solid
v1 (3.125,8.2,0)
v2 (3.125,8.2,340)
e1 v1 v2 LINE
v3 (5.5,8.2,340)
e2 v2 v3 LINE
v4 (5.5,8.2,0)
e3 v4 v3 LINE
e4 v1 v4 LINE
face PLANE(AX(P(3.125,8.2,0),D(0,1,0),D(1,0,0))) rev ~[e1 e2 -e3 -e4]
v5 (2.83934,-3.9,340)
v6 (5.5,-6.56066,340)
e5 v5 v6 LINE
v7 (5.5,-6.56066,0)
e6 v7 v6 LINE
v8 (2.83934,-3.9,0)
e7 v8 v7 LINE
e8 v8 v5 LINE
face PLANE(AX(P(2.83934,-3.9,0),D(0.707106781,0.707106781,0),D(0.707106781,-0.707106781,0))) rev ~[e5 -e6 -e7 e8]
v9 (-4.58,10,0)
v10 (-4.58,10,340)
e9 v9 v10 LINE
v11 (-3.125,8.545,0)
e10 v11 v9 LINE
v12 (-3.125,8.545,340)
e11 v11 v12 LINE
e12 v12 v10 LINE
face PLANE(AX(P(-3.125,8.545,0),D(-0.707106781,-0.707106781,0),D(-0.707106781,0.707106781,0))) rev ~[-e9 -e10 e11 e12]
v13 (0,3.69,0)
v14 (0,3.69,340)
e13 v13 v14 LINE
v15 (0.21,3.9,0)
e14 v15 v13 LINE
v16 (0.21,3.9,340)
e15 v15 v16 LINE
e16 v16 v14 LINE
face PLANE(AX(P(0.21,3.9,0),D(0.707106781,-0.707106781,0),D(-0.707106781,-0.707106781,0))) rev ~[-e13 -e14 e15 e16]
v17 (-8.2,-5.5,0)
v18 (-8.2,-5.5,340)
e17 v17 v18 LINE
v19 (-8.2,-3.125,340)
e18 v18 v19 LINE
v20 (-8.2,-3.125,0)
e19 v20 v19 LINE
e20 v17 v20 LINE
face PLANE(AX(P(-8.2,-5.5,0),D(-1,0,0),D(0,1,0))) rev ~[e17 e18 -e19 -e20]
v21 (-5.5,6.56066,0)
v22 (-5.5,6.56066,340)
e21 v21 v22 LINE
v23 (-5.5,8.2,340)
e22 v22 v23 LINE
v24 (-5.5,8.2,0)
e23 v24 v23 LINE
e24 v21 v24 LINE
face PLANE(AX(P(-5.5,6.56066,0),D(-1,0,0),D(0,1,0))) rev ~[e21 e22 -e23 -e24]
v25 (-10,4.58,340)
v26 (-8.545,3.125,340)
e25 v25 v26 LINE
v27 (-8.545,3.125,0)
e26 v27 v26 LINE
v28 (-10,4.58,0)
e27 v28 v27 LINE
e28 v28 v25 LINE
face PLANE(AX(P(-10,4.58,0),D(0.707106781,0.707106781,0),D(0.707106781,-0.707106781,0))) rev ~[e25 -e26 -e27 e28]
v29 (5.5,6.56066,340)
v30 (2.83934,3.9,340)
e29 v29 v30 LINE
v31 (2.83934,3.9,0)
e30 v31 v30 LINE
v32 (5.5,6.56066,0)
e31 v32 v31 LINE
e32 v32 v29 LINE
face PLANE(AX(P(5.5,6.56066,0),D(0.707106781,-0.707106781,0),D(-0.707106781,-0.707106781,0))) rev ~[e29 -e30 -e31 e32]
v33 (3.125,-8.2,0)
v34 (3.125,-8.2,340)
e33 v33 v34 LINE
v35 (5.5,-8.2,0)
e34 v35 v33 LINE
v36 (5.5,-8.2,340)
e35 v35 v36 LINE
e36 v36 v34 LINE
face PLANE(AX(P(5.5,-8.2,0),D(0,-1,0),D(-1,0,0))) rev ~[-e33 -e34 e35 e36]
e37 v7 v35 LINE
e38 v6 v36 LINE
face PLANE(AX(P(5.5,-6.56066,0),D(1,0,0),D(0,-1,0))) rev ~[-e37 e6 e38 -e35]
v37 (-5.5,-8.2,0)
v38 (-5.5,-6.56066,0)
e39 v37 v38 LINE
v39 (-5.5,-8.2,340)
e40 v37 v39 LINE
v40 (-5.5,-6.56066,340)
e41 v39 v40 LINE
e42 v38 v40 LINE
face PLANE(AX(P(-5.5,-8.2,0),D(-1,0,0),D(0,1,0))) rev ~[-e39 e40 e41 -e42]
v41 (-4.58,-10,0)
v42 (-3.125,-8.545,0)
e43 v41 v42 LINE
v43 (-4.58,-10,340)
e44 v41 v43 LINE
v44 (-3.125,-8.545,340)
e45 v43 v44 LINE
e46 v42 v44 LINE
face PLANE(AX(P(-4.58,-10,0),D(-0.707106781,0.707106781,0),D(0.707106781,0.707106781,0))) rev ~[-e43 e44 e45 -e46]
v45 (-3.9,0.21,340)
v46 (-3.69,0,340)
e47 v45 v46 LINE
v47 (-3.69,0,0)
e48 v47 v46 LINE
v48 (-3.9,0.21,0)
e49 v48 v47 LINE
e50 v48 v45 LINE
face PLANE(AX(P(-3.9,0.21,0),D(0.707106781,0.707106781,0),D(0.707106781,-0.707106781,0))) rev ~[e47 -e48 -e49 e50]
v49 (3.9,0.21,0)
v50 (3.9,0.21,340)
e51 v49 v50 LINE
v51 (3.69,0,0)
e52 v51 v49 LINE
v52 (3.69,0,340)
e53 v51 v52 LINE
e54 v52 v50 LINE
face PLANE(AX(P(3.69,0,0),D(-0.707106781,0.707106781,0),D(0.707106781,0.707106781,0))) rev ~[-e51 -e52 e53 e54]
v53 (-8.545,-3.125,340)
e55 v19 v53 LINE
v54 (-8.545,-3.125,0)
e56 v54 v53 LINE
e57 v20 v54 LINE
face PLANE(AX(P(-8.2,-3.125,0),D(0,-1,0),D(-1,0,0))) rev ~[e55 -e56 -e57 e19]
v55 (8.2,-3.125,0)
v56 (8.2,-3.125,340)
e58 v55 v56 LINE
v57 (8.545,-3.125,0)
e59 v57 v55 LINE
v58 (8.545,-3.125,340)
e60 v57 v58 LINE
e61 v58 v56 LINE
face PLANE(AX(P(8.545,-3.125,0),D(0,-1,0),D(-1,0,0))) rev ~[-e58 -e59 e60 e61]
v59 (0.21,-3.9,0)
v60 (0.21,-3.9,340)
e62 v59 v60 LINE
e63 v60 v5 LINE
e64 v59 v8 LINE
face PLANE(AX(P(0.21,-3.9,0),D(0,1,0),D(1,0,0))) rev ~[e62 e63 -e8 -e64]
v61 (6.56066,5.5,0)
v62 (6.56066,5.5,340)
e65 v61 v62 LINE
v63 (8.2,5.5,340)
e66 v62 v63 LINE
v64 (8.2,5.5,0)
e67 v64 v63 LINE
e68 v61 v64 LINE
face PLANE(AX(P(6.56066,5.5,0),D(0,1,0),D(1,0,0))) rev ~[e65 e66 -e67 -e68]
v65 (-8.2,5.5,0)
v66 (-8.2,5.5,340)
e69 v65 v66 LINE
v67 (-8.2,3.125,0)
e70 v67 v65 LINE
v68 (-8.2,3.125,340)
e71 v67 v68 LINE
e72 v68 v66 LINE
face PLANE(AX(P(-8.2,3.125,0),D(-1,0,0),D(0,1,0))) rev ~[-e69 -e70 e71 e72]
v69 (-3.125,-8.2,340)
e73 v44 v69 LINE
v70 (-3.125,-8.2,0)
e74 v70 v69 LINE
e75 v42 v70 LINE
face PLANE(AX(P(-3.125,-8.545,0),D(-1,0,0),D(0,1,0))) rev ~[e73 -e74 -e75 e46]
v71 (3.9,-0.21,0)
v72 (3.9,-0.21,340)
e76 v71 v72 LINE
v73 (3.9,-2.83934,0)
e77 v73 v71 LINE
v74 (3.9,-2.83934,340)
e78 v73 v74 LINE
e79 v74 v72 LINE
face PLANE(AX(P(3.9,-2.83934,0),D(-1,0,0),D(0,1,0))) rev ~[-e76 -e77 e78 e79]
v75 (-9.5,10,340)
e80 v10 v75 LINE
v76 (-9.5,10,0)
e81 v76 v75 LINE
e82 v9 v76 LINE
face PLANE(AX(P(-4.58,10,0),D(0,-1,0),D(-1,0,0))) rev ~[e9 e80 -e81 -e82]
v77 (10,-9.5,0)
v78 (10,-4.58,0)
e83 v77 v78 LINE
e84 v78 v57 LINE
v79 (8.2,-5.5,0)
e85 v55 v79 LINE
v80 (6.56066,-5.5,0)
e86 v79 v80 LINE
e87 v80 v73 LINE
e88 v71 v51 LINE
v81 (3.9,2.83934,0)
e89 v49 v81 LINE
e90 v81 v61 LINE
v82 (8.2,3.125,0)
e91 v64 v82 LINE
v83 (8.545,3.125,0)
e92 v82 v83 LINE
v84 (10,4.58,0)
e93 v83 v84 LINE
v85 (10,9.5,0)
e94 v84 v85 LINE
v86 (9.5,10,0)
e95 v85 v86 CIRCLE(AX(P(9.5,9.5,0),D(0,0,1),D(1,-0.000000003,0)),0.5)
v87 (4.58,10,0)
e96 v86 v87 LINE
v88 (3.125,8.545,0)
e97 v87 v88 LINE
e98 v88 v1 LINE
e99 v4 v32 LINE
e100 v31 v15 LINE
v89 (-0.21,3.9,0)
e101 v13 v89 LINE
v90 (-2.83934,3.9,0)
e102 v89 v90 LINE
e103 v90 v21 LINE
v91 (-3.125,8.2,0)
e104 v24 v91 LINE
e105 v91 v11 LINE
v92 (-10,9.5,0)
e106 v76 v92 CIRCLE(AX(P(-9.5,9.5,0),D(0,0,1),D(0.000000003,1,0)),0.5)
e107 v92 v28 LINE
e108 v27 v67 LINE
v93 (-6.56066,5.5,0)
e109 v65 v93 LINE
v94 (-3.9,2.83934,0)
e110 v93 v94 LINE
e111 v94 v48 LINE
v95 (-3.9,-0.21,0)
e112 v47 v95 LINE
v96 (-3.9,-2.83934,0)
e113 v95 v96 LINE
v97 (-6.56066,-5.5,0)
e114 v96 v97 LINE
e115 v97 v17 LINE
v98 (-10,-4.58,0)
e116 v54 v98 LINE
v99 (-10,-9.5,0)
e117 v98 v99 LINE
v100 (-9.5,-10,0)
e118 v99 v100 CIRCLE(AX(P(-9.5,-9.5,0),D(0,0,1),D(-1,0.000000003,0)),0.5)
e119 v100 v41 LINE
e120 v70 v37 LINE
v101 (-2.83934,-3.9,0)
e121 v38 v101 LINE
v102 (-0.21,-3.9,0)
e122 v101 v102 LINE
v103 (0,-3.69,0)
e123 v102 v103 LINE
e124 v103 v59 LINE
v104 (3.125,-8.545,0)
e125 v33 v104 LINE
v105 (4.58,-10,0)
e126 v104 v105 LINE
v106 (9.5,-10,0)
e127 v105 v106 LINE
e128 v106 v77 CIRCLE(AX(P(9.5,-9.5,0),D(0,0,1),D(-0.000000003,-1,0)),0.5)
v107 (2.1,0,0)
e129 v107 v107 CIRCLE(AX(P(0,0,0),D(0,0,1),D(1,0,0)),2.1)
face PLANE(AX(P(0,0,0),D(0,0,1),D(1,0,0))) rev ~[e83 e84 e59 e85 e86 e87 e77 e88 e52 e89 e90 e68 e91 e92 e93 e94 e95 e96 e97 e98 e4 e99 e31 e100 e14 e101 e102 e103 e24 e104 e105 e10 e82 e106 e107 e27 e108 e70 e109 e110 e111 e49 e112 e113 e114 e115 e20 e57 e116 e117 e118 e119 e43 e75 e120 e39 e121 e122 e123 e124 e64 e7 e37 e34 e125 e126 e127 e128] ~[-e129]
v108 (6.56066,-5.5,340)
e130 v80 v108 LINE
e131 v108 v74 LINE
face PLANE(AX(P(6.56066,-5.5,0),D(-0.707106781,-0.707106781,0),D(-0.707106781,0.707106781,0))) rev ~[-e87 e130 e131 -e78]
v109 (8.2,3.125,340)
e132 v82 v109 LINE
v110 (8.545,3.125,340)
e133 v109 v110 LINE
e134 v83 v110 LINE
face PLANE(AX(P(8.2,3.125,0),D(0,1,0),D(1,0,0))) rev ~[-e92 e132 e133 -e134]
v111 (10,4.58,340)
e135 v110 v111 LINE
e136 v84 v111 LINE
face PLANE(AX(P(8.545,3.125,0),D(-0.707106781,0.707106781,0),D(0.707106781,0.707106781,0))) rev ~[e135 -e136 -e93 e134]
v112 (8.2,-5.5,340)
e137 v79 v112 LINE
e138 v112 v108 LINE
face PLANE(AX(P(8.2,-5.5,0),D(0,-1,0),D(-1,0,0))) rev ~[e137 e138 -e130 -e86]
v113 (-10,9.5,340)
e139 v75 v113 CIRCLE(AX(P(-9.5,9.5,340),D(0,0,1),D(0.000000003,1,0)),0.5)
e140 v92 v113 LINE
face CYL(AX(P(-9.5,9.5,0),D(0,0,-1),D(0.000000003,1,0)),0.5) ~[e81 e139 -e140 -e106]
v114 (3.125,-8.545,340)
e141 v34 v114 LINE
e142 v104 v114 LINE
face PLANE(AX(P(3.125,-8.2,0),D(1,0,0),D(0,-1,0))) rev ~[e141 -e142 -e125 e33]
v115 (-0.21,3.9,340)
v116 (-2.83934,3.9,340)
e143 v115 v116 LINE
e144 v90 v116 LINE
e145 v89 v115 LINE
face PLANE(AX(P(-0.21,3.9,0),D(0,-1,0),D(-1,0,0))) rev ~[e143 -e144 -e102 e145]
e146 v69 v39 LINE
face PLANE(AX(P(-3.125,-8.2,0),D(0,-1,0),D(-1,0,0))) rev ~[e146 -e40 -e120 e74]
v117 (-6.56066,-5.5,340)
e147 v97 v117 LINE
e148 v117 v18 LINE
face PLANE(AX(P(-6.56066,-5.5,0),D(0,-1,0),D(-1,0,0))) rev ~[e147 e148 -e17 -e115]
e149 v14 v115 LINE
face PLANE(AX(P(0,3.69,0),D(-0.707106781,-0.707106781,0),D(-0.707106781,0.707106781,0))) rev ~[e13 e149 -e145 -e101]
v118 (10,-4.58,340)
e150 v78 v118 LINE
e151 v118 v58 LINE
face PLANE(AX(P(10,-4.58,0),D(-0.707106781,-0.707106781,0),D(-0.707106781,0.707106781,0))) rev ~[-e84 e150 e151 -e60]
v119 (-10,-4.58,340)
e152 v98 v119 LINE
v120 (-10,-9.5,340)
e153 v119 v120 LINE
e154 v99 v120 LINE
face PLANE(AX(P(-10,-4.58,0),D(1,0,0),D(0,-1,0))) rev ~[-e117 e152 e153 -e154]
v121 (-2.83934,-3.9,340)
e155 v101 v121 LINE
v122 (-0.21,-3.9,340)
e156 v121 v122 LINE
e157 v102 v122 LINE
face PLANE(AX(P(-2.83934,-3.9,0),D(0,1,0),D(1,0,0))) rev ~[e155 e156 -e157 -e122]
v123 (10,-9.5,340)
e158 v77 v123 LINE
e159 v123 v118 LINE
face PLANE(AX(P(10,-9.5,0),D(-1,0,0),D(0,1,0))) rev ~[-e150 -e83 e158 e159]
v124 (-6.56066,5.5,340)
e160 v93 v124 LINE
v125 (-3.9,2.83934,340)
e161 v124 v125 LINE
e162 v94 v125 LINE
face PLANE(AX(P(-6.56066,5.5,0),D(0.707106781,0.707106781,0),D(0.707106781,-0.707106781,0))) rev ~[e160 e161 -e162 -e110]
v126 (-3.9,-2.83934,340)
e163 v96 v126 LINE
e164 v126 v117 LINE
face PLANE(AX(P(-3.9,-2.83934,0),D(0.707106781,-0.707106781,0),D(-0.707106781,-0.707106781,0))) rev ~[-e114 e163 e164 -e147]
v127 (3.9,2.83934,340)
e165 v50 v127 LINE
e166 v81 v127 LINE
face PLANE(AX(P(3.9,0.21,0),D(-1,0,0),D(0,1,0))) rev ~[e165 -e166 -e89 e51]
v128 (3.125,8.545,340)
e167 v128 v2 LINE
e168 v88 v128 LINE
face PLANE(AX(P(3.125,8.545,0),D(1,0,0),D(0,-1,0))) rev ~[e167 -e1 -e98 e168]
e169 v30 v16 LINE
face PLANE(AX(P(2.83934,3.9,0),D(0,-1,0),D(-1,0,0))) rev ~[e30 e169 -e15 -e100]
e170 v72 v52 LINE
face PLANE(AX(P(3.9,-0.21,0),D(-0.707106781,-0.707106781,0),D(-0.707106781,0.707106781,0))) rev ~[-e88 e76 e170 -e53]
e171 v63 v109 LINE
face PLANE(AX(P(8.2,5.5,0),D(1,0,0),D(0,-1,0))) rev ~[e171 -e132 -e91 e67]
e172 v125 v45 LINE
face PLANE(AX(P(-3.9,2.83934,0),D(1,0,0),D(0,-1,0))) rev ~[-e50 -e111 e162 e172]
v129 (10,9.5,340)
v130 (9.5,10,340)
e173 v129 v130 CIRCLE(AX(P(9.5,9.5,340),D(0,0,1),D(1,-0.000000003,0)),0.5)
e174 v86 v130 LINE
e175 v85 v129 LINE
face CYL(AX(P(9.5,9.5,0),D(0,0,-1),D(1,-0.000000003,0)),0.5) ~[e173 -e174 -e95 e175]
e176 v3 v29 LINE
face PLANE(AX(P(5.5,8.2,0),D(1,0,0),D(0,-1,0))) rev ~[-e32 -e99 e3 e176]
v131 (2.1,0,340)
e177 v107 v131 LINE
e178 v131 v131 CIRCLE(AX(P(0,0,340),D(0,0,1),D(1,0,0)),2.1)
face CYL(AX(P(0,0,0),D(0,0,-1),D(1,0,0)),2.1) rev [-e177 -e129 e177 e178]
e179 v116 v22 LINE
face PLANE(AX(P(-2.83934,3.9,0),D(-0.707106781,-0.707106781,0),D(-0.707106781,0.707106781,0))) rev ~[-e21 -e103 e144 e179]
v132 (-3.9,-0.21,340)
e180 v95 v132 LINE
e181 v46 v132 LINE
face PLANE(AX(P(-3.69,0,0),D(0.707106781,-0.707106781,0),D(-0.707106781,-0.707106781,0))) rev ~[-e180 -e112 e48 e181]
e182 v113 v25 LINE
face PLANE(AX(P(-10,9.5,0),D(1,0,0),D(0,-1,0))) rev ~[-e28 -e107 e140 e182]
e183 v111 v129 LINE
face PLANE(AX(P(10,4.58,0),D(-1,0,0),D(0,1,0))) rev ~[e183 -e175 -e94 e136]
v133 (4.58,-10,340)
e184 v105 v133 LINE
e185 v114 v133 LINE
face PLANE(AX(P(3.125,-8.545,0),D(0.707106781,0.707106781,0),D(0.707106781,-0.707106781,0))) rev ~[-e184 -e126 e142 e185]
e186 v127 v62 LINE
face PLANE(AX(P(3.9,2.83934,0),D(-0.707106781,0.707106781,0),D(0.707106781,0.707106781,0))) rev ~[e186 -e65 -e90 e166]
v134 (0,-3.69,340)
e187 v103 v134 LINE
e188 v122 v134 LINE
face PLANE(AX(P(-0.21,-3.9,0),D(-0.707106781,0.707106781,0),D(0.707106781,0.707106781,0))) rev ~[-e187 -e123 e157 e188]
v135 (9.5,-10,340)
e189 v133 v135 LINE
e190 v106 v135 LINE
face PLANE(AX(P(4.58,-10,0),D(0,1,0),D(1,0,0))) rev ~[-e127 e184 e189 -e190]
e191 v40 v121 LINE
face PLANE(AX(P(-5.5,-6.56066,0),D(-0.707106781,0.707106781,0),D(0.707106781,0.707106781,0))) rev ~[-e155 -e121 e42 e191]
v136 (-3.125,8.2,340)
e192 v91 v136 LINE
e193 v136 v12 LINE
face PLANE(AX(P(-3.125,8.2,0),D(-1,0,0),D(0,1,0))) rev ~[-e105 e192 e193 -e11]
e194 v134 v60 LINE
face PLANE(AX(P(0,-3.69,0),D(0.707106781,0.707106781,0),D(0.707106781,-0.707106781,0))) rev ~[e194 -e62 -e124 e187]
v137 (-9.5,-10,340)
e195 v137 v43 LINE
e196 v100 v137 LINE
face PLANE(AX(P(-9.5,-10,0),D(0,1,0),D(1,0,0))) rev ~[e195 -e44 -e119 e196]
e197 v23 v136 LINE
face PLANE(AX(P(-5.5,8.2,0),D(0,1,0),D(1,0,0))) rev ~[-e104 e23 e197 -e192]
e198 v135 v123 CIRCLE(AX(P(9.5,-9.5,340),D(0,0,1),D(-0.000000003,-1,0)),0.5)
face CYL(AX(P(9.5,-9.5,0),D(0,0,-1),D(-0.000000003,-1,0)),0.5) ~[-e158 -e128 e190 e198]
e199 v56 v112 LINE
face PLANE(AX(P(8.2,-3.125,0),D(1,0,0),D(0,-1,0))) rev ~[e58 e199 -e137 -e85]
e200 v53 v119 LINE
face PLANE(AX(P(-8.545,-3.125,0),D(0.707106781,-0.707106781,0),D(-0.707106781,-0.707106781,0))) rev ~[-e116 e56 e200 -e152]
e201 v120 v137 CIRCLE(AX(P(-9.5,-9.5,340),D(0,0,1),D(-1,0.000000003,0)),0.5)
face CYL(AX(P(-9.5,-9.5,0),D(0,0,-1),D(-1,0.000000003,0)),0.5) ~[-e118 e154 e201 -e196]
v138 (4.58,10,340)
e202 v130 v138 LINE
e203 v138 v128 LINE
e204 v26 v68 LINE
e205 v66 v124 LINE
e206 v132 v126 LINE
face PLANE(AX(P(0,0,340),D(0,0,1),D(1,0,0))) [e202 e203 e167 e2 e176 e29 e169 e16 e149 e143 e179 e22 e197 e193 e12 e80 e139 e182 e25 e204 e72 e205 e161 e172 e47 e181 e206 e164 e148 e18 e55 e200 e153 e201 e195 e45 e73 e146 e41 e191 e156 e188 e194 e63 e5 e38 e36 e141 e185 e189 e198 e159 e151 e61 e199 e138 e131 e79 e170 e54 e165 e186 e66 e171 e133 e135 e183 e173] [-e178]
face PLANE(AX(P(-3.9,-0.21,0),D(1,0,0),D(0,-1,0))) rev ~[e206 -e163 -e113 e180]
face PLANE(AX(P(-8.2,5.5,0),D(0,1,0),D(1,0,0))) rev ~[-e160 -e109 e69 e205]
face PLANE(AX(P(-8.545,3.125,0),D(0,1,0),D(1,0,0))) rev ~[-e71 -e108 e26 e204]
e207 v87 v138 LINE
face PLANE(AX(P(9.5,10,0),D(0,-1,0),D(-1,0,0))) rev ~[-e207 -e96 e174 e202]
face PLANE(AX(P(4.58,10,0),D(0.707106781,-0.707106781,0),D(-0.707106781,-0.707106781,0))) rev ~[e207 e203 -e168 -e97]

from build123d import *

# Parameters (mm, degrees)
SKETCH1_R           = 2.1
BOSS_EXTRUDE1_DEPTH = 340


with BuildPart() as part:
    # Sketch1 → Boss-Extrude1 (new body)
    with BuildSketch(Plane.XY):
        with BuildLine():
            Line((4.58, -10), (9.5, -10))
            ThreePointArc((9.5, -10), (9.853553391, -9.853553391), (10, -9.5))
            Line((10, -9.5), (10, -4.58))
            Line((10, -4.58), (8.545, -3.125))
            Line((8.545, -3.125), (8.2, -3.125))
            Line((8.2, -3.125), (8.2, -5.5))
            Line((8.2, -5.5), (6.560660172, -5.5))
            Line((6.560660172, -5.5), (3.9, -2.839339828))
            Line((3.9, -2.839339828), (3.9, -0.21))
            Line((3.9, -0.21), (3.69, 0))
            Line((3.69, 0), (3.9, 0.21))
            Line((3.9, 0.21), (3.9, 2.839339828))
            Line((3.9, 2.839339828), (6.560660172, 5.5))
            Line((6.560660172, 5.5), (8.2, 5.5))
            Line((8.2, 5.5), (8.2, 3.125))
            Line((8.2, 3.125), (8.545, 3.125))
            Line((8.545, 3.125), (10, 4.58))
            Line((10, 4.58), (10, 9.5))
            ThreePointArc((10, 9.5), (9.853553391, 9.853553391), (9.5, 10))
            Line((9.5, 10), (4.58, 10))
            Line((4.58, 10), (3.125, 8.545))
            Line((3.125, 8.545), (3.125, 8.2))
            Line((3.125, 8.2), (5.5, 8.2))
            Line((5.5, 8.2), (5.5, 6.560660172))
            Line((5.5, 6.560660172), (2.839339828, 3.9))
            Line((2.839339828, 3.9), (0.21, 3.9))
            Line((0.21, 3.9), (0, 3.69))
            Line((0, 3.69), (-0.21, 3.9))
            Line((-0.21, 3.9), (-2.839339828, 3.9))
            Line((-2.839339828, 3.9), (-5.5, 6.560660172))
            Line((-5.5, 6.560660172), (-5.5, 8.2))
            Line((-5.5, 8.2), (-3.125, 8.2))
            Line((-3.125, 8.2), (-3.125, 8.545))
            Line((-3.125, 8.545), (-4.58, 10))
            Line((-4.58, 10), (-9.5, 10))
            ThreePointArc((-9.5, 10), (-9.853553391, 9.853553391), (-10, 9.5))
            Line((-10, 9.5), (-10, 4.58))
            Line((-10, 4.58), (-8.545, 3.125))
            Line((-8.545, 3.125), (-8.2, 3.125))
            Line((-8.2, 3.125), (-8.2, 5.5))
            Line((-8.2, 5.5), (-6.560660172, 5.5))
            Line((-6.560660172, 5.5), (-3.9, 2.839339828))
            Line((-3.9, 2.839339828), (-3.9, 0.21))
            Line((-3.9, 0.21), (-3.69, 0))
            Line((-3.69, 0), (-3.9, -0.21))
            Line((-3.9, -0.21), (-3.9, -2.839339828))
            Line((-3.9, -2.839339828), (-6.560660172, -5.5))
            Line((-6.560660172, -5.5), (-8.2, -5.5))
            Line((-8.2, -5.5), (-8.2, -3.125))
            Line((-8.2, -3.125), (-8.545, -3.125))
            Line((-8.545, -3.125), (-10, -4.58))
            Line((-10, -4.58), (-10, -9.5))
            ThreePointArc((-10, -9.5), (-9.853553391, -9.853553391), (-9.5, -10))
            Line((-9.5, -10), (-4.58, -10))
            Line((-4.58, -10), (-3.125, -8.545))
            Line((-3.125, -8.545), (-3.125, -8.2))
            Line((-3.125, -8.2), (-5.5, -8.2))
            Line((-5.5, -8.2), (-5.5, -6.560660172))
            Line((-5.5, -6.560660172), (-2.839339828, -3.9))
            Line((-2.839339828, -3.9), (-0.21, -3.9))
            Line((-0.21, -3.9), (0, -3.69))
            Line((0, -3.69), (0.21, -3.9))
            Line((0.21, -3.9), (2.839339828, -3.9))
            Line((2.839339828, -3.9), (5.5, -6.560660172))
            Line((5.5, -6.560660172), (5.5, -8.2))
            Line((5.5, -8.2), (3.125, -8.2))
            Line((3.125, -8.2), (3.125, -8.545))
            Line((3.125, -8.545), (4.58, -10))
        make_face()
        Circle(SKETCH1_R, mode=Mode.SUBTRACT)
    extrude(amount=BOSS_EXTRUDE1_DEPTH)


solid = part.part
